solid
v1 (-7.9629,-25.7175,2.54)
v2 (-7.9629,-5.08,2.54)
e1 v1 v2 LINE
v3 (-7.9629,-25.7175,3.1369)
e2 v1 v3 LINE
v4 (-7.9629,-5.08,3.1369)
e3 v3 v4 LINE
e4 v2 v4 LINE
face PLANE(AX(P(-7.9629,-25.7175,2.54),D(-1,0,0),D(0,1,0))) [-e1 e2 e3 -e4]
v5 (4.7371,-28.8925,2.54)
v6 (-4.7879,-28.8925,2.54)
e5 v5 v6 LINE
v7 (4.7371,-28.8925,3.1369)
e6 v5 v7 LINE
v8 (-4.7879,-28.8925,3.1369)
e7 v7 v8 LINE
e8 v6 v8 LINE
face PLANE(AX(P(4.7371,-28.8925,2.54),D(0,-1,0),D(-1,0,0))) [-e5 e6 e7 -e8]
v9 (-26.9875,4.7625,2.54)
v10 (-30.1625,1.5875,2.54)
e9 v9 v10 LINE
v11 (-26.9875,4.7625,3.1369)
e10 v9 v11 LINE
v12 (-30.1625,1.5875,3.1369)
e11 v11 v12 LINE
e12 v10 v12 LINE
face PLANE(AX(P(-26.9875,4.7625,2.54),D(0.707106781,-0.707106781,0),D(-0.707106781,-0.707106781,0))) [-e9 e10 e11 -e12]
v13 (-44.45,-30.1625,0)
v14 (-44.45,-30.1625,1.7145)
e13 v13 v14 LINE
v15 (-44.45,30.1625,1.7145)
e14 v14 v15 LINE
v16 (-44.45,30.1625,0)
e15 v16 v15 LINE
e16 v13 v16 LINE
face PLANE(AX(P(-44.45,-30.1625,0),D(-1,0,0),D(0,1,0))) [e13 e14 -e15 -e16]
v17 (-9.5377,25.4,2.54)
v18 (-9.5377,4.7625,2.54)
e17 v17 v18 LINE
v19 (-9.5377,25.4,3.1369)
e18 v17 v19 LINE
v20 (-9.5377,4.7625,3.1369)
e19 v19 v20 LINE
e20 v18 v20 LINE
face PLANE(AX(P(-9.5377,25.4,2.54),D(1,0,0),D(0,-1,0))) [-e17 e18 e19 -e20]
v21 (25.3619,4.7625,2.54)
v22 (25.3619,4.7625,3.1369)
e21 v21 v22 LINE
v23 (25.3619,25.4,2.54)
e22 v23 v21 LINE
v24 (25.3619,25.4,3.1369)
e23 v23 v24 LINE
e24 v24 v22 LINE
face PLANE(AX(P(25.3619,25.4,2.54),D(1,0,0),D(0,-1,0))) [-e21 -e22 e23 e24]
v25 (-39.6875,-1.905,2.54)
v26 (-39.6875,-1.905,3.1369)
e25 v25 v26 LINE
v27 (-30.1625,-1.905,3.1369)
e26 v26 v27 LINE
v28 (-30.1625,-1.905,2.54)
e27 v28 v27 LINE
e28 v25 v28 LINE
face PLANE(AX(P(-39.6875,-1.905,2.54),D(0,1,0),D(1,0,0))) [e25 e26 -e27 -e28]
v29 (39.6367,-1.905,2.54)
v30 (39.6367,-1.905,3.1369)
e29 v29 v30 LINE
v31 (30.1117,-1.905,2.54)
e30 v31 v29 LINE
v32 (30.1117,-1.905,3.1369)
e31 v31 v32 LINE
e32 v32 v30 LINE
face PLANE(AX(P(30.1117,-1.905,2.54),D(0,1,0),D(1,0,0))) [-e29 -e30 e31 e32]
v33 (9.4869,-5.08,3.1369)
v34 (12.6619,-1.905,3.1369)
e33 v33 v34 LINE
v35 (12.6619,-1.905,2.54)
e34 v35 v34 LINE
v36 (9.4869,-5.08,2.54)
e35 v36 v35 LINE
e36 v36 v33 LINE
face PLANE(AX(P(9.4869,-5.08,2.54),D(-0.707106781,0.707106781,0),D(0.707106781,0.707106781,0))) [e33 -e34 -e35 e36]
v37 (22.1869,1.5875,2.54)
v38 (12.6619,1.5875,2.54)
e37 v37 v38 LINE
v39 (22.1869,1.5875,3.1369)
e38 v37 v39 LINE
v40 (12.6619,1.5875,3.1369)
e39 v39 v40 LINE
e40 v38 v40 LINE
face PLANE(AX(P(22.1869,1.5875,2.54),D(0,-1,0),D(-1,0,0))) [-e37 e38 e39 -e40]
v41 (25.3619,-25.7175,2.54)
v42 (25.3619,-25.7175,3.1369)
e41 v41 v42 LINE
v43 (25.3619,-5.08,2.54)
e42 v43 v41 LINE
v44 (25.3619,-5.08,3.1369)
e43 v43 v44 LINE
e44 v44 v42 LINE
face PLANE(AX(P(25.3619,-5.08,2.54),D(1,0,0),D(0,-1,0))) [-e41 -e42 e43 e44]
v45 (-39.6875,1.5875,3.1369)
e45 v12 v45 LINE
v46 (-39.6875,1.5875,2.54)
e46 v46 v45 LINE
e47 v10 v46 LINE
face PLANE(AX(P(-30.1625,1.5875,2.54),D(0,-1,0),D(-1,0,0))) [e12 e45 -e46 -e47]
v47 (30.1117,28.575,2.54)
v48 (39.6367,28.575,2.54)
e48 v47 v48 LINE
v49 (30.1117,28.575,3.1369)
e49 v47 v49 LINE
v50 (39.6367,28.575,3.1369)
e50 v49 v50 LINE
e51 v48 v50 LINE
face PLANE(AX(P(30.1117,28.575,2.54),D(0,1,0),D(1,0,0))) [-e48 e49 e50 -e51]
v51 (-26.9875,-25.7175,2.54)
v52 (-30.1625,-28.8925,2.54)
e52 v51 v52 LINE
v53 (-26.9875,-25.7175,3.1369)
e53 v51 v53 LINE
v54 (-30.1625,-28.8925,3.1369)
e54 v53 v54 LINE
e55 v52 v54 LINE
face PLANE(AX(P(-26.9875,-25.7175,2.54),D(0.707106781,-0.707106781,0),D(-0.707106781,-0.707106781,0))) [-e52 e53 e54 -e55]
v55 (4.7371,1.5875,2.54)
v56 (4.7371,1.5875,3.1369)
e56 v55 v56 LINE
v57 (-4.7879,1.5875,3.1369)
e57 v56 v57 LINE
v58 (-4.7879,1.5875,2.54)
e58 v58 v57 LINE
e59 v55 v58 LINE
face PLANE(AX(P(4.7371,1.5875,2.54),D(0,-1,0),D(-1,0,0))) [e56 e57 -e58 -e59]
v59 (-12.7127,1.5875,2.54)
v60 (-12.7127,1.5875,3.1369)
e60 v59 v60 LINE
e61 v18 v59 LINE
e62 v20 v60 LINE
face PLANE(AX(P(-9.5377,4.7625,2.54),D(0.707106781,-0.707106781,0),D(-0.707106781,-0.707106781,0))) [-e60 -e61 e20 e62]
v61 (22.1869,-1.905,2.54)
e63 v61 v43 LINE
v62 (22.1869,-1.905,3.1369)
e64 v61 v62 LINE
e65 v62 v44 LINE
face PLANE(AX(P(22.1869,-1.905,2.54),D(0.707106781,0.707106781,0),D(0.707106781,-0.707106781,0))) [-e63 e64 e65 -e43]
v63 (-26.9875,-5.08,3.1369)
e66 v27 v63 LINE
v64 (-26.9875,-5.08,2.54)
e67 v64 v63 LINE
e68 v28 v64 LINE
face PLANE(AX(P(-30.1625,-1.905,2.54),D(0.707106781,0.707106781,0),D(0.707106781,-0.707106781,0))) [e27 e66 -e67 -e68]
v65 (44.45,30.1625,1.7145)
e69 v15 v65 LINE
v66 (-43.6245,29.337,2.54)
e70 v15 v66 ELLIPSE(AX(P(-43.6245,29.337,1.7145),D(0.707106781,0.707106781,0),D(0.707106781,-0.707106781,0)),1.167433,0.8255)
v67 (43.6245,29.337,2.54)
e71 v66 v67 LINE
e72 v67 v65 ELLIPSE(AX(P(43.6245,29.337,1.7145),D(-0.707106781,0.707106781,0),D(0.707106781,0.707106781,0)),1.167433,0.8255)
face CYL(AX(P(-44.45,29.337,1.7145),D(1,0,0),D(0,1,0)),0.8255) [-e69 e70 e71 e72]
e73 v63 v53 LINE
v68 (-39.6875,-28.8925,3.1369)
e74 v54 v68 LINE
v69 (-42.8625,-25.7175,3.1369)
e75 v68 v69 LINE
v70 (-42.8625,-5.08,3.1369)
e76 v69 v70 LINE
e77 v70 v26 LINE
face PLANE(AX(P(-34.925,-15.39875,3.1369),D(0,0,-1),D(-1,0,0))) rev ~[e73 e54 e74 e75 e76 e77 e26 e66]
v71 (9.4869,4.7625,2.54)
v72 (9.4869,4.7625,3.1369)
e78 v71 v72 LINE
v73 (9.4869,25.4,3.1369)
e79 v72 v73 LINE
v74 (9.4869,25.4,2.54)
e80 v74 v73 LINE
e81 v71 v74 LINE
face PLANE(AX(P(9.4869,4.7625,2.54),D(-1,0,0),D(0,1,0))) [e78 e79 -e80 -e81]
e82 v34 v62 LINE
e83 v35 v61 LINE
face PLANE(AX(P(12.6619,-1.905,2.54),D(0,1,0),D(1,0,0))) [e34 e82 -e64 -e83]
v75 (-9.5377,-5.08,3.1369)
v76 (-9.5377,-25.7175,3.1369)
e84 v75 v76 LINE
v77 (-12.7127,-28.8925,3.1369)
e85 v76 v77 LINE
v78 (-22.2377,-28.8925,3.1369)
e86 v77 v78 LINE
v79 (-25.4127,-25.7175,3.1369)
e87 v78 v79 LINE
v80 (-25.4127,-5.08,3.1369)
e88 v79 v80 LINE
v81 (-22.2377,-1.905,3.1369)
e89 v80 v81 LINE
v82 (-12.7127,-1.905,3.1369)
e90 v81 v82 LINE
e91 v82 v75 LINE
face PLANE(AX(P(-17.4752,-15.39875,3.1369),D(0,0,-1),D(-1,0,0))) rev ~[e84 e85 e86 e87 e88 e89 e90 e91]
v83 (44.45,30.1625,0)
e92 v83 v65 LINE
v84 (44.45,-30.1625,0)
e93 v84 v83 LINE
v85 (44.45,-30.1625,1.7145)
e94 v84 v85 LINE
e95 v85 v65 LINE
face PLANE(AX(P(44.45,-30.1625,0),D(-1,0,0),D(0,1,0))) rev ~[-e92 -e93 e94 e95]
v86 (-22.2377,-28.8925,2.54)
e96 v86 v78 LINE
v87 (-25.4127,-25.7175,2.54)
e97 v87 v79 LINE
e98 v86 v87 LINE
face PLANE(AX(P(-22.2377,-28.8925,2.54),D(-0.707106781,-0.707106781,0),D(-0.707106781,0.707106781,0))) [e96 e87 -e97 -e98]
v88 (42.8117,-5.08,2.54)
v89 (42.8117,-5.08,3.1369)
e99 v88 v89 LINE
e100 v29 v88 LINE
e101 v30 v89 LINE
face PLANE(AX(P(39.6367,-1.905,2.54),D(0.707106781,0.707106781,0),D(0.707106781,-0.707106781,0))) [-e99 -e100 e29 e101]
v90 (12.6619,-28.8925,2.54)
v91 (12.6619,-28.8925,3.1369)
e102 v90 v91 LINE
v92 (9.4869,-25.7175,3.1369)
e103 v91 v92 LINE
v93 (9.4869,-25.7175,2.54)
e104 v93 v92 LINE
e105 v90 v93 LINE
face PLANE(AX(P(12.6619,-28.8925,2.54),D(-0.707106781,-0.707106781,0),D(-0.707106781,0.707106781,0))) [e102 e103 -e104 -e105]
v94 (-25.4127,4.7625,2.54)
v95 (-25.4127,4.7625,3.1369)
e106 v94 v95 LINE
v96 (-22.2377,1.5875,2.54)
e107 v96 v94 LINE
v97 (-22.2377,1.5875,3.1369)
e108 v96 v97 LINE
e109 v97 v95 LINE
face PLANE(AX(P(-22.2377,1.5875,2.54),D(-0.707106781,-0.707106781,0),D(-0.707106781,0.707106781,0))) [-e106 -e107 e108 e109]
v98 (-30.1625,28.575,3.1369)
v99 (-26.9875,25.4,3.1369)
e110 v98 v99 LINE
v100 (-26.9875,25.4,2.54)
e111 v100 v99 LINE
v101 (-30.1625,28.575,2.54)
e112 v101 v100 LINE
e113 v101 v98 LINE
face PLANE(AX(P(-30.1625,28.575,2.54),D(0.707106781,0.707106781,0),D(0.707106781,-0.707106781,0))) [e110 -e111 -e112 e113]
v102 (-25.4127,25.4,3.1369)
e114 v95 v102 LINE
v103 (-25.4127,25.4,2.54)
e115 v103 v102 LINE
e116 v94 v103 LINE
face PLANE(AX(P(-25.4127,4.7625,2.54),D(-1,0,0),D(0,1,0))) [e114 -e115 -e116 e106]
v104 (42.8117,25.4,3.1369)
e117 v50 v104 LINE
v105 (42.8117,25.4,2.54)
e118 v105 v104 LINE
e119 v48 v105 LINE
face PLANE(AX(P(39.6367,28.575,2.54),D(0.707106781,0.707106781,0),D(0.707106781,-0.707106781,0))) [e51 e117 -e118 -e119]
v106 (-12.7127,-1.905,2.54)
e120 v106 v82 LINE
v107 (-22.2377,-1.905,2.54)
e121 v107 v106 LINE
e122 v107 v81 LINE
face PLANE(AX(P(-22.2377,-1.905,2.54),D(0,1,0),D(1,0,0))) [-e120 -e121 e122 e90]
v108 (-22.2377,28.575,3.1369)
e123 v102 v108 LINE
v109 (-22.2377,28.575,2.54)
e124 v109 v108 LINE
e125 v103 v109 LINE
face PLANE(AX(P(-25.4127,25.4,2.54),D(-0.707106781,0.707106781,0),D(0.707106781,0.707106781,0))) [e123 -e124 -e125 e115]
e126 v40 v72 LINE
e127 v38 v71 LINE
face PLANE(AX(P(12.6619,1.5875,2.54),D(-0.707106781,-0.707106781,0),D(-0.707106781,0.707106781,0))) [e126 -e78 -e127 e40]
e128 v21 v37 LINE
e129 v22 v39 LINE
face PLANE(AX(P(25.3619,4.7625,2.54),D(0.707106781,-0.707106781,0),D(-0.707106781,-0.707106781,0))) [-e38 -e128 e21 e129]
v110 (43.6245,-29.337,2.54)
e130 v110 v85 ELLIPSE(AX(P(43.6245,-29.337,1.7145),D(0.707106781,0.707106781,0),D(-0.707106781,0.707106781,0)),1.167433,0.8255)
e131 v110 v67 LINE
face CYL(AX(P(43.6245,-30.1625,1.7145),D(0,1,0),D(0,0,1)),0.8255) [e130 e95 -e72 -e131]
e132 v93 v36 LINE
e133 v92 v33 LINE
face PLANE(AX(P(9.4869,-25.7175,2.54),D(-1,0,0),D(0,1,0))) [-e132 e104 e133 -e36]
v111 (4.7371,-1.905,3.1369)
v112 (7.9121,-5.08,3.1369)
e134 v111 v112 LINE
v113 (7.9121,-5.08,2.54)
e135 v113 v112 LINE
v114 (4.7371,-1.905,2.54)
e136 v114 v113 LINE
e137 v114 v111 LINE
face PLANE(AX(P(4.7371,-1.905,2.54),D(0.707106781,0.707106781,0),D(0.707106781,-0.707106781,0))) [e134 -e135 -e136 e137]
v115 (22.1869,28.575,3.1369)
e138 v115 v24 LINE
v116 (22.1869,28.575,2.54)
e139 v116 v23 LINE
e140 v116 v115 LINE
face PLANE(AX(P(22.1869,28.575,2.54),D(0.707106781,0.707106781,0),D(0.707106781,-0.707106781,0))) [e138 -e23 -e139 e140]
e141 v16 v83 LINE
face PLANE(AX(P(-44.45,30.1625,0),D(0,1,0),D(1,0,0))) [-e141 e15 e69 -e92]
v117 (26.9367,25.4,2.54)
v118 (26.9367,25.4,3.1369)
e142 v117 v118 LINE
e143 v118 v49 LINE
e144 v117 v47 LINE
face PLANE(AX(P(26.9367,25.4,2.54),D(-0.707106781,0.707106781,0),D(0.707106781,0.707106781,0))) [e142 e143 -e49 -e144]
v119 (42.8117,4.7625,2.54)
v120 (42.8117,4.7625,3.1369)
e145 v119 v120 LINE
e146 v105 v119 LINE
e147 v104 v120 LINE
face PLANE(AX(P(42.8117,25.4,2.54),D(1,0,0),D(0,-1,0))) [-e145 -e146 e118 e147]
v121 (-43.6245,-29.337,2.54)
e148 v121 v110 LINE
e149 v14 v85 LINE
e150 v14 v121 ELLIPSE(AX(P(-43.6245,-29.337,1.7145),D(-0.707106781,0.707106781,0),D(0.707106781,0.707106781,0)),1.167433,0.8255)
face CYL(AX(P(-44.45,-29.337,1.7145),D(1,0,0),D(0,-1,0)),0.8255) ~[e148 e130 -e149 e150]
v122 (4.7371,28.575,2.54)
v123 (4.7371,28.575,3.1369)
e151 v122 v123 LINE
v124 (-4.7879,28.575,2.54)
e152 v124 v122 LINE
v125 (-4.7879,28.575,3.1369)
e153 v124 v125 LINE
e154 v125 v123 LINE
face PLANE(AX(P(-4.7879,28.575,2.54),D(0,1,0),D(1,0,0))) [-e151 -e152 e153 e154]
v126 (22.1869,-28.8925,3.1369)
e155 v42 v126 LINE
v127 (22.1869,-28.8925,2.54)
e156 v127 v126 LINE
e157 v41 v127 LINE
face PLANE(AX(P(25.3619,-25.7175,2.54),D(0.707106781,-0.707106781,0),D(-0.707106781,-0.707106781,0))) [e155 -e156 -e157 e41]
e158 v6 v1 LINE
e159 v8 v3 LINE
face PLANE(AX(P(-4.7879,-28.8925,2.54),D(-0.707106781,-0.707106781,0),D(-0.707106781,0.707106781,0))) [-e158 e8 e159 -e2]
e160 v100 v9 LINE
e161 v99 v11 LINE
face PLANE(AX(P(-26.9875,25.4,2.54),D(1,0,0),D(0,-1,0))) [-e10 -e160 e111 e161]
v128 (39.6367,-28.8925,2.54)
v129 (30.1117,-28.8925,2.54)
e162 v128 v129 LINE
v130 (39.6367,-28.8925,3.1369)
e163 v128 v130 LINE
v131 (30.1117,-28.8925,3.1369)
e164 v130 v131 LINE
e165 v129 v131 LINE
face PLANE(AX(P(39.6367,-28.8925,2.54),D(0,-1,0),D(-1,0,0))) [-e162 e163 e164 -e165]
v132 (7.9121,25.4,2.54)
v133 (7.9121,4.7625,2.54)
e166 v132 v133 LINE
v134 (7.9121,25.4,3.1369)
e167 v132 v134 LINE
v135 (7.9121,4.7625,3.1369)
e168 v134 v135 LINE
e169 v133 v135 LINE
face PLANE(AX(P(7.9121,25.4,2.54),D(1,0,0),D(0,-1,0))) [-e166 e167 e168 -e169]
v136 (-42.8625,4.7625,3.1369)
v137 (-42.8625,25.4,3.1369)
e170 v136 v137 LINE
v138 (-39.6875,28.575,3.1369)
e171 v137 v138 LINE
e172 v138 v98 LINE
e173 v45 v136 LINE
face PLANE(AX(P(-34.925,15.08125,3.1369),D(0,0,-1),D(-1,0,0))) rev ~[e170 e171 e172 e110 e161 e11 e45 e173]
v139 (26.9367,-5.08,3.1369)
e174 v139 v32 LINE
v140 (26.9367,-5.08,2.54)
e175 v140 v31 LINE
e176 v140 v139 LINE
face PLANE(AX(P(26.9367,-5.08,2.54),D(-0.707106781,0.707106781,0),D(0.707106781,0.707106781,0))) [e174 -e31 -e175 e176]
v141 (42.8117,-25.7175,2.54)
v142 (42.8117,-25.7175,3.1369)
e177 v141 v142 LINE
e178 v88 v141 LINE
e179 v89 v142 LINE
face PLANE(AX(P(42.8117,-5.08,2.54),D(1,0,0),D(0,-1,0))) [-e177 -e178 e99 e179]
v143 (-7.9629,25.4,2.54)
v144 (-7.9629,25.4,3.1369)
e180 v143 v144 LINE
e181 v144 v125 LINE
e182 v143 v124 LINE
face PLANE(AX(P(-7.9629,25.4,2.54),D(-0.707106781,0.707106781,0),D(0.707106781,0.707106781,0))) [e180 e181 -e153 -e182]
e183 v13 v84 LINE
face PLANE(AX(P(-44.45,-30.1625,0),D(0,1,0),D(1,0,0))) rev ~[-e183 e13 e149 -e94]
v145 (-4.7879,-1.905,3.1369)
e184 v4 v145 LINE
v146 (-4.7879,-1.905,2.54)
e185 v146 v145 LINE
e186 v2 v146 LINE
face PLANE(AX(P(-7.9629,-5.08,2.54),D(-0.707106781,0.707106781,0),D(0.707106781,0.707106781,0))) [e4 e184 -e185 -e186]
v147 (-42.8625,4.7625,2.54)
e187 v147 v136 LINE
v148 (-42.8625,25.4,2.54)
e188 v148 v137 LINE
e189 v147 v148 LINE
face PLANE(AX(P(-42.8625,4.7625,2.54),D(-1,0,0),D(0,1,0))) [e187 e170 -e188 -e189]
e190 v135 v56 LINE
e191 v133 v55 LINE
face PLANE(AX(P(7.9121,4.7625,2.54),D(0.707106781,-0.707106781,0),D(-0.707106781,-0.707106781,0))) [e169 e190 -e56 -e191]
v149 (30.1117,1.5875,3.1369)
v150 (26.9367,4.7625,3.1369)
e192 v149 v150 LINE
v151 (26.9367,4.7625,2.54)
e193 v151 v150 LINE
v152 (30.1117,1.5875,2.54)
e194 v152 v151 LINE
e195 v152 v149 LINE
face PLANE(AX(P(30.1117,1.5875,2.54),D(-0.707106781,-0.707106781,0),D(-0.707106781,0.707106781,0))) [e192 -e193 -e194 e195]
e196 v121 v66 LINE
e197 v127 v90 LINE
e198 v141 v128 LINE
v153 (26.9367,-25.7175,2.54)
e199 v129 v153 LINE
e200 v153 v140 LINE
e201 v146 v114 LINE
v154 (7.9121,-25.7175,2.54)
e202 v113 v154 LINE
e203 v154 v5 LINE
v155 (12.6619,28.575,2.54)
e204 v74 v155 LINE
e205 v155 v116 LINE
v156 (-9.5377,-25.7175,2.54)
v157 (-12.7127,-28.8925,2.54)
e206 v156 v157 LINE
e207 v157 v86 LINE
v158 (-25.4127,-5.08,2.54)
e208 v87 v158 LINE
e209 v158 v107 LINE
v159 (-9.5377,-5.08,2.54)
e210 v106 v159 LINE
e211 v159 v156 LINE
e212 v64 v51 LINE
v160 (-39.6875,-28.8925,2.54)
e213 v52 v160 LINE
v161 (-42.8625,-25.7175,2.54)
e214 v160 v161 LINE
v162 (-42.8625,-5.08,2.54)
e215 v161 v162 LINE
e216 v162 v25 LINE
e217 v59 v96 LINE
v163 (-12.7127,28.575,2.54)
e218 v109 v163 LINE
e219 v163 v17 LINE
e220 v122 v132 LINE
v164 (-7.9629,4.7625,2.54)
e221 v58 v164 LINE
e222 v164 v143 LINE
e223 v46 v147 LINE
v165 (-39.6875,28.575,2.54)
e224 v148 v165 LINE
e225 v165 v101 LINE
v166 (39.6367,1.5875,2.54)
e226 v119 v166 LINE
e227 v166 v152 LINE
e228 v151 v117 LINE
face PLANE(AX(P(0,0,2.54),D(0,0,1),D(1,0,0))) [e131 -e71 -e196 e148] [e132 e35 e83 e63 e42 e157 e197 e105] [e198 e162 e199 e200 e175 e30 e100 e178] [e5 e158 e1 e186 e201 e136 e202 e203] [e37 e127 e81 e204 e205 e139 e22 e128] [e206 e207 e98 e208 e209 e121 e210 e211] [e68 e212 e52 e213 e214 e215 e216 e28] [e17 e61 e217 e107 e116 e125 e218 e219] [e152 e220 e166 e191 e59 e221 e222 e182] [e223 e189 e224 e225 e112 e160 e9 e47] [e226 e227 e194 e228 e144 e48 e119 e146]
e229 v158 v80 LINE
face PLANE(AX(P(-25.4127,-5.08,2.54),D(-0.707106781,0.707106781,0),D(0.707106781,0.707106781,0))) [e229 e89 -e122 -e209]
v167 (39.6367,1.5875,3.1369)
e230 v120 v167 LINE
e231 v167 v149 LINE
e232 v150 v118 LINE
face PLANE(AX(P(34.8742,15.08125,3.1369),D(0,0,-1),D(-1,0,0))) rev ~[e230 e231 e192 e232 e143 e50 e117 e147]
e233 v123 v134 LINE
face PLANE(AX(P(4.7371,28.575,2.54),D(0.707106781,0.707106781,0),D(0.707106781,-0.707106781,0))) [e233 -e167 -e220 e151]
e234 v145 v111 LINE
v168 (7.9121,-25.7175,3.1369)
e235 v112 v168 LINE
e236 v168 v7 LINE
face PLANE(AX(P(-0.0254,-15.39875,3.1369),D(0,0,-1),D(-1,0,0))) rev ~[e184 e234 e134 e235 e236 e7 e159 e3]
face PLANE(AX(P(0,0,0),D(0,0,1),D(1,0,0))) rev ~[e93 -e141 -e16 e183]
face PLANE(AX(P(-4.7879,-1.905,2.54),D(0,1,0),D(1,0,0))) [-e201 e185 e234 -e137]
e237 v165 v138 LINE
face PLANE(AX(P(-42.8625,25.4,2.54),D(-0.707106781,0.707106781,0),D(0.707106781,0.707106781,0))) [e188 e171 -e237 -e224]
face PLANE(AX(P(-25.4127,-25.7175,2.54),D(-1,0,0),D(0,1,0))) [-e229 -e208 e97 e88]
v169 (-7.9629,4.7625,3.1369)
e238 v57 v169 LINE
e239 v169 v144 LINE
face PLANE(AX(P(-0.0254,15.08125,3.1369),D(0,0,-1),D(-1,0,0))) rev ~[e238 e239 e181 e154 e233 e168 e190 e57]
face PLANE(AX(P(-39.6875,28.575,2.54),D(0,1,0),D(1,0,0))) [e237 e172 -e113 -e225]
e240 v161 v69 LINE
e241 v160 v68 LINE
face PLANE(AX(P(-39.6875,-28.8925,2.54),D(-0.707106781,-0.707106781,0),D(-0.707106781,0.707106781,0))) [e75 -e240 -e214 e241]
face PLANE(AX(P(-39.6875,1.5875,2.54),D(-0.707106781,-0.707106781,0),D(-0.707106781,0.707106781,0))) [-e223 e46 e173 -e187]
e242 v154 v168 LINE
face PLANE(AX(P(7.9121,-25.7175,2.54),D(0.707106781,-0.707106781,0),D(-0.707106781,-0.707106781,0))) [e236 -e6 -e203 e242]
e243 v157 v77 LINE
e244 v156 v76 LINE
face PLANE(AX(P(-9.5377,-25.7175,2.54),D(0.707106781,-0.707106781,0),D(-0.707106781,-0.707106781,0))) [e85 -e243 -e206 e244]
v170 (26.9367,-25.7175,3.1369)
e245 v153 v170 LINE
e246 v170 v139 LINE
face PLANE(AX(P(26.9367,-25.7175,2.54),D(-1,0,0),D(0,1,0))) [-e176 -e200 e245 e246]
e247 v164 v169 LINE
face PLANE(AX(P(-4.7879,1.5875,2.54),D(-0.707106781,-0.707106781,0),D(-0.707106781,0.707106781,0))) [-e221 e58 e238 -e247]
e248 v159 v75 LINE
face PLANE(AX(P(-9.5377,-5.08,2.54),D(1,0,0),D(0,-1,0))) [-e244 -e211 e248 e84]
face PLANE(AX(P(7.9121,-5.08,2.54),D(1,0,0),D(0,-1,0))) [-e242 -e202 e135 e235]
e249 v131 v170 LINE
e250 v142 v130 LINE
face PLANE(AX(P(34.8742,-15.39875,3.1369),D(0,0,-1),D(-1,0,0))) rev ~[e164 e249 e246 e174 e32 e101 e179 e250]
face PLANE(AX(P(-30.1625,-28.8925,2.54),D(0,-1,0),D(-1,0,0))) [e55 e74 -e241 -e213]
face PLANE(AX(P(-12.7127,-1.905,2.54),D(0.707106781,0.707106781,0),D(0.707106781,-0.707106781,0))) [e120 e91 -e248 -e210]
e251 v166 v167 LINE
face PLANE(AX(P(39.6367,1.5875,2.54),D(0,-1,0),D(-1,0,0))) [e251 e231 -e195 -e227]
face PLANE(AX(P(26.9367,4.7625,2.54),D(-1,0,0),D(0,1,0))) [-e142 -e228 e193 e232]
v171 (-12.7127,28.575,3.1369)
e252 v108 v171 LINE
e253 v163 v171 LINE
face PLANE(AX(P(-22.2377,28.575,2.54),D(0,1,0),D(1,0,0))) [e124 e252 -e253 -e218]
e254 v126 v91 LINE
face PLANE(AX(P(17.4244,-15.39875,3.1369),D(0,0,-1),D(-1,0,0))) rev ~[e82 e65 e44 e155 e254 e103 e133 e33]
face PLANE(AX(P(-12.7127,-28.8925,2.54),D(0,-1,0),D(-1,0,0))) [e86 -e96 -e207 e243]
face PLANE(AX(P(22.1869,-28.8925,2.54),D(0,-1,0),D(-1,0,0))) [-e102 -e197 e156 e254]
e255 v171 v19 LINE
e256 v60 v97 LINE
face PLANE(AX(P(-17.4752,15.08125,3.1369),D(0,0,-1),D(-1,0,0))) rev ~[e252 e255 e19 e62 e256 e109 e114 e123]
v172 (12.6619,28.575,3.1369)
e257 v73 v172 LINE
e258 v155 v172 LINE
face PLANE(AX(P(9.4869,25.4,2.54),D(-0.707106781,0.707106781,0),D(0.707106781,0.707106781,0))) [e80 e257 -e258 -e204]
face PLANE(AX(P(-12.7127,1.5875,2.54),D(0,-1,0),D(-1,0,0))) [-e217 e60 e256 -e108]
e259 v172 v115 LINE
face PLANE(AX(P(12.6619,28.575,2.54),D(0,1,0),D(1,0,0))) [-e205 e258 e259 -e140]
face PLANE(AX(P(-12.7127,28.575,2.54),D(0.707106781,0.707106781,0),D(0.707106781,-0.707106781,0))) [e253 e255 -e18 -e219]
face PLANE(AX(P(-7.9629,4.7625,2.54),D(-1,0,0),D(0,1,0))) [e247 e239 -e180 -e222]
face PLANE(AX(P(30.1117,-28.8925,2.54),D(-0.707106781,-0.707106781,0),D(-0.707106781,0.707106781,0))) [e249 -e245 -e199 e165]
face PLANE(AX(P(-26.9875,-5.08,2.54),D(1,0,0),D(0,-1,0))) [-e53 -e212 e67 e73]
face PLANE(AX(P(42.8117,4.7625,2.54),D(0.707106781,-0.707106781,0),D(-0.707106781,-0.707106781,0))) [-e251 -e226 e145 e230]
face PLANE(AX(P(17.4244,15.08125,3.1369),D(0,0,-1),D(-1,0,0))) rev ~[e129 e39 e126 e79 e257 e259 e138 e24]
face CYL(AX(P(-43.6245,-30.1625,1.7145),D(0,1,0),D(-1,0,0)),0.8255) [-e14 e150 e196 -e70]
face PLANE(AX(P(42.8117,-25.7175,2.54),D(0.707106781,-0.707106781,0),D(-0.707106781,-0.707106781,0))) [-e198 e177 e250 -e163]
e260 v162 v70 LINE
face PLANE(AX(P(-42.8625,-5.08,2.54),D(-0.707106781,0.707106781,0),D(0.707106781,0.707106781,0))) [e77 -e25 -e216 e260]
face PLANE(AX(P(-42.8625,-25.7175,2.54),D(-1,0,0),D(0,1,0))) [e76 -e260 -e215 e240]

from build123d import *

# Parameters (mm, degrees)
SKETCH1_W                   = 88.9
SKETCH1_H                   = 60.325
SOLARPANELPLASTICBASE_DEPTH = 2.54
CRYSTALELEMENT_DEPTH        = 0.5969
OUTSIDEFILLET_R             = 0.8255
LPATTERN1_COUNT             = 5
LPATTERN1_PITCH             = 17.4498
LPATTERN1_COUNT_DIR2        = 2
LPATTERN1_PITCH_DIR2        = 30.48


with BuildPart() as part:
    # Sketch1 → SolarPanelPlasticBase (new body)
    with BuildSketch(Plane.XY):
        Rectangle(SKETCH1_W, SKETCH1_H)
    extrude(amount=SOLARPANELPLASTICBASE_DEPTH)

    # Sketch2 → CrystalElement (add)
    with BuildSketch(Plane.XY.offset(2.54)):
        Polygon((-39.6875, 28.575), (-30.1625, 28.575), (-26.9875, 25.4), (-26.9875, 4.7625), (-30.1625, 1.5875), (-39.6875, 1.5875), (-42.8625, 4.7625), (-42.8625, 25.4), align=None)
    crystalelement = extrude(amount=CRYSTALELEMENT_DEPTH)

    # OutsideFillet
    outsidefillet_edges = [part.edges().sort_by_distance(p)[0] for p in [
        (44.45, 0, 2.54),
        (0, 30.1625, 2.54),
        (-44.45, 0, 2.54),
        (0, -30.1625, 2.54),
    ]]
    fillet(outsidefillet_edges, radius=OUTSIDEFILLET_R)

    # LPattern1: CrystalElement 5 × 2
    with Locations(*[(i * LPATTERN1_PITCH, -j * LPATTERN1_PITCH_DIR2, 0) for i in range(LPATTERN1_COUNT) for j in range(LPATTERN1_COUNT_DIR2) if (i, j) != (0, 0)]):
        add(crystalelement)


solid = part.part
